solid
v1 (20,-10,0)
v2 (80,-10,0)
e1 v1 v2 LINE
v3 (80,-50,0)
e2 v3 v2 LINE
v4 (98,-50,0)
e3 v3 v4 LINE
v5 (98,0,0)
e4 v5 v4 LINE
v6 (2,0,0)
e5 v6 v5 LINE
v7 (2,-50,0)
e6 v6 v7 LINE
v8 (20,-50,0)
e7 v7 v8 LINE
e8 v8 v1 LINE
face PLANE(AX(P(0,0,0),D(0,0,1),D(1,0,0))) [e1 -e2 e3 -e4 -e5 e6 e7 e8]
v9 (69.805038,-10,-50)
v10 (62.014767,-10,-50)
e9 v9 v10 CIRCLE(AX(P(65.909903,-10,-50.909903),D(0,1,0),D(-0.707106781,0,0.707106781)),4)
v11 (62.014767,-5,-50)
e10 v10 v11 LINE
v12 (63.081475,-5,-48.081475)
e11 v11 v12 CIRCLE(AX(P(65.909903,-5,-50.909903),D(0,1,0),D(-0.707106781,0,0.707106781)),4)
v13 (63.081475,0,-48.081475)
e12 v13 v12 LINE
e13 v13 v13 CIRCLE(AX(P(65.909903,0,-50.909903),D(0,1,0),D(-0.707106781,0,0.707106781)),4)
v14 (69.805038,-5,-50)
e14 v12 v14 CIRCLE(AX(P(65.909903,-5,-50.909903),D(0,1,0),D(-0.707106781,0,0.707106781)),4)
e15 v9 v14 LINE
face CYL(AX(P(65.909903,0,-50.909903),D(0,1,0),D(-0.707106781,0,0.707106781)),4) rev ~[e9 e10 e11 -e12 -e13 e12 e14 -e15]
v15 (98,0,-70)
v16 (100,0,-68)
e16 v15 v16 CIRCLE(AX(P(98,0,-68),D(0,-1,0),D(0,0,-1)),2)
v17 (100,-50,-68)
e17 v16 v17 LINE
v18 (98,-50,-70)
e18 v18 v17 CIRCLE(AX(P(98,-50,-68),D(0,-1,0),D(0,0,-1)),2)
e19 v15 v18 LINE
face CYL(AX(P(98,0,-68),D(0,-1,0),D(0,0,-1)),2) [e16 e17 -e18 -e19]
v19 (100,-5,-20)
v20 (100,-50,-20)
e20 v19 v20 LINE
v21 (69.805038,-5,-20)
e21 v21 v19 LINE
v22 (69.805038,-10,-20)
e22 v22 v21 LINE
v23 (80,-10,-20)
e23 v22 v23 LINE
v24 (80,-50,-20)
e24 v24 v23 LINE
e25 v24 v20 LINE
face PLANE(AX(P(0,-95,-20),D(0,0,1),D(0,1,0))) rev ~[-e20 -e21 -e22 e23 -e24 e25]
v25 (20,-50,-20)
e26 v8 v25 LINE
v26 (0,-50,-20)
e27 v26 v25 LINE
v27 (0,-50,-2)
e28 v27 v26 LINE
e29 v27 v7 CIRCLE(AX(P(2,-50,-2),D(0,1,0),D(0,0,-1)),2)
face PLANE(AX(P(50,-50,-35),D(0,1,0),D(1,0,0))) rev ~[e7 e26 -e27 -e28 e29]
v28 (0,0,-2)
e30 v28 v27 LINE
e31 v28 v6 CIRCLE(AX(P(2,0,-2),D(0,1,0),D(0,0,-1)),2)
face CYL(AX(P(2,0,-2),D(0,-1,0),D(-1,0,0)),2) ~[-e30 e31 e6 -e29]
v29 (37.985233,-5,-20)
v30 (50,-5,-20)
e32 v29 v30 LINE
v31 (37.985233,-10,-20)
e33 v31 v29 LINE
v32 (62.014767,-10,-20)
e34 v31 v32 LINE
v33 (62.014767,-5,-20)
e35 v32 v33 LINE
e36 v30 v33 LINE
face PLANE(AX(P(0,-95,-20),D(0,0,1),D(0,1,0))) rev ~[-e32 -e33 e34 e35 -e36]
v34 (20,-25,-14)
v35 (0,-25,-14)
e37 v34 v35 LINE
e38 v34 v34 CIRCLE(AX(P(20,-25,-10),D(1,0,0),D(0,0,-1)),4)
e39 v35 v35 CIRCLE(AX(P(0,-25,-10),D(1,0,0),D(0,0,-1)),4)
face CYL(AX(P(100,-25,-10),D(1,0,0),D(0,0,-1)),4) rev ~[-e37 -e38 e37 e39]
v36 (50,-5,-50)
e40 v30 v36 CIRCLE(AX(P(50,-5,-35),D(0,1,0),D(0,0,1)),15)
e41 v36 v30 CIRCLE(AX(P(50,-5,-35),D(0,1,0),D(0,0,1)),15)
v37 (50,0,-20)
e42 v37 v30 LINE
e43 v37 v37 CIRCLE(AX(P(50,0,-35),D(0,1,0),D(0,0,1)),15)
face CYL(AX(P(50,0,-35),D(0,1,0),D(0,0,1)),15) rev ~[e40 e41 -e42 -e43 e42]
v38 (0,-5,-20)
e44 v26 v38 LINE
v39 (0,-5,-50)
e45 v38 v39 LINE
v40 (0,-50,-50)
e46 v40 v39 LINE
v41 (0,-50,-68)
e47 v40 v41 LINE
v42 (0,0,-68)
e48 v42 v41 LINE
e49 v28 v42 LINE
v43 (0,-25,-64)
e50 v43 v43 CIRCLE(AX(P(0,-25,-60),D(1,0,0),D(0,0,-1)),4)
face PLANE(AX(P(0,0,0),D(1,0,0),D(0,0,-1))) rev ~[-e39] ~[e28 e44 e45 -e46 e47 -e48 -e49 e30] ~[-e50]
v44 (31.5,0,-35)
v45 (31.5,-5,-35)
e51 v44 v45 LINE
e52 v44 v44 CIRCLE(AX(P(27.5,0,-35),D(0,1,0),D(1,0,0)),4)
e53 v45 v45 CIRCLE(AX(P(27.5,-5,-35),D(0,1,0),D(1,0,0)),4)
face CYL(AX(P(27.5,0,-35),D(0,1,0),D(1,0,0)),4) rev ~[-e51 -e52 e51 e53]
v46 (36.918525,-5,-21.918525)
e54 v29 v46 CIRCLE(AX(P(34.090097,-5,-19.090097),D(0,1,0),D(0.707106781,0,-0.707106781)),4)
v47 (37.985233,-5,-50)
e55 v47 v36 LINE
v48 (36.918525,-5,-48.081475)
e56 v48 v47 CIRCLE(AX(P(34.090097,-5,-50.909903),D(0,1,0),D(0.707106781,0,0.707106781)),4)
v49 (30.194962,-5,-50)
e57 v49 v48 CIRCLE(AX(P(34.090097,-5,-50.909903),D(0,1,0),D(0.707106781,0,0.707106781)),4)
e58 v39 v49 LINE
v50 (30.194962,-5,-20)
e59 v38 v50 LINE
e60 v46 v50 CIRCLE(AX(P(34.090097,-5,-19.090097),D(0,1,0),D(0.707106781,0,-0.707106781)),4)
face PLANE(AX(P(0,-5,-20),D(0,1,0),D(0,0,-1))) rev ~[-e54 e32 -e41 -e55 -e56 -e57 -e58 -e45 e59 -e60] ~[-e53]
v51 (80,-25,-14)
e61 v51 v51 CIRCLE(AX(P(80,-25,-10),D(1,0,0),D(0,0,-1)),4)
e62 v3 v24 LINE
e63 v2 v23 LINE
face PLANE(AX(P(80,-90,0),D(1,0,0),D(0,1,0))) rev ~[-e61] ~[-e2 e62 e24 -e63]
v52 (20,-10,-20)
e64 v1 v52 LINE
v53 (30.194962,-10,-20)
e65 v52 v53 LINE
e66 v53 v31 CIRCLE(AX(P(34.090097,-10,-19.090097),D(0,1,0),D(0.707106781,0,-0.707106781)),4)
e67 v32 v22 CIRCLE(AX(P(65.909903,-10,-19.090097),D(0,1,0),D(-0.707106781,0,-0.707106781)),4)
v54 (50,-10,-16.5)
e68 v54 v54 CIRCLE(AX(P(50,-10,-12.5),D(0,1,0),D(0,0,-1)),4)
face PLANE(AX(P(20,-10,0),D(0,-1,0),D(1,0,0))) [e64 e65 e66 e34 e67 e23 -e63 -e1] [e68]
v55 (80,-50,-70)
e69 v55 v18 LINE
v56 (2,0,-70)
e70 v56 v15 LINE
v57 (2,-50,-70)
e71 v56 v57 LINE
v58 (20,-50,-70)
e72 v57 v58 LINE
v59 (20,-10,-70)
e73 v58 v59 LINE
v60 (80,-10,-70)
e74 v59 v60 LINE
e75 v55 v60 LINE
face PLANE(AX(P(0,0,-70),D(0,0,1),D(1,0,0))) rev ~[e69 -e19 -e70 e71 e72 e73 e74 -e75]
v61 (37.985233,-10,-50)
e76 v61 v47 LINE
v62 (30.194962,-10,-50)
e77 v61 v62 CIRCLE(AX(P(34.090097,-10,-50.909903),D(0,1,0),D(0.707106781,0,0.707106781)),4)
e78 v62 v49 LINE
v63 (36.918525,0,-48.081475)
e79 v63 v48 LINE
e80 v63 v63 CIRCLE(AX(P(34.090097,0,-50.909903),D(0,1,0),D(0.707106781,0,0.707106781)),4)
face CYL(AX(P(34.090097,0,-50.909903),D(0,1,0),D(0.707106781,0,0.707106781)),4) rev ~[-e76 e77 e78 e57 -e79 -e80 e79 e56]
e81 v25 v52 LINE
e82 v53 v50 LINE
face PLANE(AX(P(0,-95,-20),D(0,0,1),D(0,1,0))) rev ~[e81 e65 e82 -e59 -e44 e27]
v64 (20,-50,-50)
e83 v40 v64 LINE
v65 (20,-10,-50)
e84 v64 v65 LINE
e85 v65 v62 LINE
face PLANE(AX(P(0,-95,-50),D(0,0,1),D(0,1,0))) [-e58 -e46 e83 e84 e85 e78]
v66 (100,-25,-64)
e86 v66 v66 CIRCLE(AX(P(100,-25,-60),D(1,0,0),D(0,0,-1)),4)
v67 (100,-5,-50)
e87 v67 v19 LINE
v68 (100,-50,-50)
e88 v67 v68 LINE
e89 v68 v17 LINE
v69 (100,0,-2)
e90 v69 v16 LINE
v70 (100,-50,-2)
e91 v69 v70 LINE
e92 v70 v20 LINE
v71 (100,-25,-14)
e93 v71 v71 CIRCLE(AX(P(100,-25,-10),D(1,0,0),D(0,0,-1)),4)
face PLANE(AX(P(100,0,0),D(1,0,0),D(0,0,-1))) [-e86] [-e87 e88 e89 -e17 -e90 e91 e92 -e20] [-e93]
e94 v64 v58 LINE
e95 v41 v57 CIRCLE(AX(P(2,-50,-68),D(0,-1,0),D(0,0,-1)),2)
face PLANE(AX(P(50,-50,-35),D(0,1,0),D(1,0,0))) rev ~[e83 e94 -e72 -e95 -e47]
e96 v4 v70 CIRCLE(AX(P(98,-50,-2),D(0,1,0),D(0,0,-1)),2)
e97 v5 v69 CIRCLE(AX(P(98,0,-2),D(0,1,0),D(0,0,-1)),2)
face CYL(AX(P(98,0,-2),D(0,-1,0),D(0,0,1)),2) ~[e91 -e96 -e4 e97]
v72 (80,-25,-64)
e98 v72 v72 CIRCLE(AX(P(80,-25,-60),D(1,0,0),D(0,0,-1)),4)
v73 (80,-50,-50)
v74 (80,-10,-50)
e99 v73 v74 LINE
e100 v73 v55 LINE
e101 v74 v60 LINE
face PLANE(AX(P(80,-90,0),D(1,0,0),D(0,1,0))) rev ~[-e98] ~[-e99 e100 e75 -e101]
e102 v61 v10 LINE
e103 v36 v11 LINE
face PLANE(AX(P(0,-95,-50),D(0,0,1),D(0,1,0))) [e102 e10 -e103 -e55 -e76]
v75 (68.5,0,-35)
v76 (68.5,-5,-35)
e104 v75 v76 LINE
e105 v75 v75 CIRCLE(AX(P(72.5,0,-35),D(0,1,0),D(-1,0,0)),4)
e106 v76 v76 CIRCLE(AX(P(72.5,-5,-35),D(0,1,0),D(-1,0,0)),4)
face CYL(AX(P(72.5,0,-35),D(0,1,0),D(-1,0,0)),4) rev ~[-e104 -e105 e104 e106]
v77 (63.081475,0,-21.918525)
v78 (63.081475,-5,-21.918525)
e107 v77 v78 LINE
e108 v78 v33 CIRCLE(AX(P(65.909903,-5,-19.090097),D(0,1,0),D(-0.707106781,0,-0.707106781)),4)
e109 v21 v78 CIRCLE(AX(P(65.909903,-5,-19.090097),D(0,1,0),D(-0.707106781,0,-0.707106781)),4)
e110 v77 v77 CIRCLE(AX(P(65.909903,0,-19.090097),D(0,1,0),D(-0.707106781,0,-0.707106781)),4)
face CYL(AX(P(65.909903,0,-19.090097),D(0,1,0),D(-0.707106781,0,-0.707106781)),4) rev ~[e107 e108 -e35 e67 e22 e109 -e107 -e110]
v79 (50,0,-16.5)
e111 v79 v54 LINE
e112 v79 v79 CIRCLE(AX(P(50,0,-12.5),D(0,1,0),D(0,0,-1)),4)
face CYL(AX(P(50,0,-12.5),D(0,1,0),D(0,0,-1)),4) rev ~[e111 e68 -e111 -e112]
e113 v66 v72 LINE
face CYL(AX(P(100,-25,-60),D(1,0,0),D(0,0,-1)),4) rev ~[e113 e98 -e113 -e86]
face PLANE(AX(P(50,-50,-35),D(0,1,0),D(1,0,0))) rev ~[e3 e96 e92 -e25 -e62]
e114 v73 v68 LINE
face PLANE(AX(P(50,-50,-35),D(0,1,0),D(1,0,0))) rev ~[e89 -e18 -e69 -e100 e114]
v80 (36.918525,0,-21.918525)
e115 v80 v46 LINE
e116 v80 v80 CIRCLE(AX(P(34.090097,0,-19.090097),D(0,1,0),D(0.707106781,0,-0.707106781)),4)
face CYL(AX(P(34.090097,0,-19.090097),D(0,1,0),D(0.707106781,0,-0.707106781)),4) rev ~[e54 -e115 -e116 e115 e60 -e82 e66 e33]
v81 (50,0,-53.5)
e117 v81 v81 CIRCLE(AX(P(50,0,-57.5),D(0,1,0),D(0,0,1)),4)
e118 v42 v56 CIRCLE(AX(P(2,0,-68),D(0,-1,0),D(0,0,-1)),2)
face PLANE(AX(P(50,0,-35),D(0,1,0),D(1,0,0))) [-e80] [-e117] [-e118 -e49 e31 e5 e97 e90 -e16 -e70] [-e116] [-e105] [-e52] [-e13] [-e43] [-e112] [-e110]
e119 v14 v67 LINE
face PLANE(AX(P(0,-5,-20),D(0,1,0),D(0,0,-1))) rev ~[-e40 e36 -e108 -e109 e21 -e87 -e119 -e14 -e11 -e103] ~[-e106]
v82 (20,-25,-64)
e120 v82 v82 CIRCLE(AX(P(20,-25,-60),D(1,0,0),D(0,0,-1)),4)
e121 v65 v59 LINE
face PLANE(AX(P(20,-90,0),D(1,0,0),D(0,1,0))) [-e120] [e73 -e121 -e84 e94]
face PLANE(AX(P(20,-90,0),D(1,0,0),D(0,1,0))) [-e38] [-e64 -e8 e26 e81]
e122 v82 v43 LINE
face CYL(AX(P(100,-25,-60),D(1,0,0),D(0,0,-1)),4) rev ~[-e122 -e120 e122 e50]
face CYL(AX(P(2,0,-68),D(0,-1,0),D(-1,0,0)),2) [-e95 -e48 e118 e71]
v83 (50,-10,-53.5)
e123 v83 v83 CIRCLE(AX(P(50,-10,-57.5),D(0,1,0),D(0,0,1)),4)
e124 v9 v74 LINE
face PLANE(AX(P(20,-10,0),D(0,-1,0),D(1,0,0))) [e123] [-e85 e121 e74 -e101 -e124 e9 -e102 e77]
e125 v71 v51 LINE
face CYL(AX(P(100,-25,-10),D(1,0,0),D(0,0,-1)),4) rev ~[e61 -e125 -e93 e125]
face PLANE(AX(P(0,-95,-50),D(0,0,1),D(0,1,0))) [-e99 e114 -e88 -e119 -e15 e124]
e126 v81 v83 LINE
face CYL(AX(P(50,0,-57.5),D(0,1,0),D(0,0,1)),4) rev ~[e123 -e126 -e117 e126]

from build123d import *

# Parameters (mm, degrees)
ESBO_O1_W                = 100
ESBO_O1_H                = 70
RESSALTO_EXTRUS_O1_DEPTH = 50
ESBO_O2_W                = 30
ESBO_O2_H                = 90
CORTE_EXTRUS_O1_DEPTH    = 239
ESBO_O3_R                = 4
CORTE_EXTRUS_O2_DEPTH    = 100
CORTE_EXTRUS_O3_REACH    = 133.909
ESBO_O4_W                = 60
ESBO_O4_H                = 80
FILETE2_R                = 2
FILETE3_R                = 2
ESBO_O5_R                = 15
CORTE_EXTRUS_O4_DEPTH    = 5
ESBO_O6_R                = 4
CORTE_EXTRUS_O7_DEPTH    = 239
PADR_OCIRCULAR1_COUNT    = 8


with BuildPart() as part:
    # Esboço1 → Ressalto-extrusão1 (new body)
    with BuildSketch(Plane(origin=(0, 0, 0), x_dir=(1, 0, 0), z_dir=(0, 1, 0))):
        with Locations((50, 35)):
            Rectangle(ESBO_O1_W, ESBO_O1_H)
    extrude(amount=-RESSALTO_EXTRUS_O1_DEPTH)

    # Esboço2 → Corte-extrusão1 (cut)
    with BuildSketch(Plane(origin=(0, 0, 0), x_dir=(0, 0, -1), z_dir=(1, 0, 0))):
        with Locations((35, -50)):
            Rectangle(ESBO_O2_W, ESBO_O2_H)
    extrude(amount=CORTE_EXTRUS_O1_DEPTH, mode=Mode.SUBTRACT)

    # Esboço3 → Corte-extrusão2 (cut)
    with BuildSketch(Plane(origin=(100, 0, 0), x_dir=(0, 0, -1), z_dir=(1, 0, 0))):
        with Locations((10, -25)):
            Circle(ESBO_O3_R)
        with Locations((60, -25)):
            Circle(ESBO_O3_R)
    extrude(amount=-CORTE_EXTRUS_O2_DEPTH, mode=Mode.SUBTRACT)

    # Corte-extrusão3: up to this face of the body (flat: up to its plane)
    corte_extrus_o3_end = Plane(part.part.faces().sort_by_distance((50, -25, -70))[0])
    # Esboço4 → Corte-extrusão3 (cut, up to the picked face)
    with BuildSketch(Plane.XY, mode=Mode.PRIVATE) as corte_extrus_o3_sk1:
        with Locations((50, -50)):
            Rectangle(ESBO_O4_W, ESBO_O4_H)
    corte_extrus_o3_tool1 = split(extrude(corte_extrus_o3_sk1.sketch, amount=-CORTE_EXTRUS_O3_REACH, mode=Mode.PRIVATE), bisect_by=corte_extrus_o3_end, keep=Keep.BOTH, mode=Mode.PRIVATE)
    add(corte_extrus_o3_tool1.solids().sort_by(Axis((50, -50, 0), (0, 0, -1)))[0], mode=Mode.SUBTRACT)

    # Filete2
    filete2_edges = [part.edges().sort_by_distance(p)[0] for p in [
        (0, -25, -70),
    ]]
    fillet(filete2_edges, radius=FILETE2_R)

    # Filete3
    filete3_edges = [part.edges().sort_by_distance(p)[0] for p in [
        (100, -25, -70),
        (100, -25, 0),
        (0, -25, 0),
    ]]
    fillet(filete3_edges, radius=FILETE3_R)

    # Esboço5 → Corte-extrusão4 (cut)
    with BuildSketch(Plane(origin=(0, 0, 0), x_dir=(1, 0, 0), z_dir=(0, 1, 0))):
        with Locations(Location((50, 35, 0), (0, 0, 270))):
            Circle(ESBO_O5_R)
    extrude(amount=-CORTE_EXTRUS_O4_DEPTH, mode=Mode.SUBTRACT)

    # Esboço6 → Corte-extrusão7 (cut)
    with BuildSketch(Plane(origin=(0, 0, 0), x_dir=(1, 0, 0), z_dir=(0, 1, 0))):
        with Locations(Location((50, 57.5, 0), (0, 0, 270))):
            Circle(ESBO_O6_R)
    corte_extrus_o7 = extrude(amount=-CORTE_EXTRUS_O7_DEPTH, mode=Mode.SUBTRACT)

    # PadrãoCircular1: Corte-extrusão7 ×8 about axis
    padr_ocircular1_axis = Axis((50, 0, -35), (0, 1, 0))
    for i in range(1, PADR_OCIRCULAR1_COUNT):
        add(corte_extrus_o7.rotate(padr_ocircular1_axis, i * 360 / PADR_OCIRCULAR1_COUNT), mode=Mode.SUBTRACT)


solid = part.part
